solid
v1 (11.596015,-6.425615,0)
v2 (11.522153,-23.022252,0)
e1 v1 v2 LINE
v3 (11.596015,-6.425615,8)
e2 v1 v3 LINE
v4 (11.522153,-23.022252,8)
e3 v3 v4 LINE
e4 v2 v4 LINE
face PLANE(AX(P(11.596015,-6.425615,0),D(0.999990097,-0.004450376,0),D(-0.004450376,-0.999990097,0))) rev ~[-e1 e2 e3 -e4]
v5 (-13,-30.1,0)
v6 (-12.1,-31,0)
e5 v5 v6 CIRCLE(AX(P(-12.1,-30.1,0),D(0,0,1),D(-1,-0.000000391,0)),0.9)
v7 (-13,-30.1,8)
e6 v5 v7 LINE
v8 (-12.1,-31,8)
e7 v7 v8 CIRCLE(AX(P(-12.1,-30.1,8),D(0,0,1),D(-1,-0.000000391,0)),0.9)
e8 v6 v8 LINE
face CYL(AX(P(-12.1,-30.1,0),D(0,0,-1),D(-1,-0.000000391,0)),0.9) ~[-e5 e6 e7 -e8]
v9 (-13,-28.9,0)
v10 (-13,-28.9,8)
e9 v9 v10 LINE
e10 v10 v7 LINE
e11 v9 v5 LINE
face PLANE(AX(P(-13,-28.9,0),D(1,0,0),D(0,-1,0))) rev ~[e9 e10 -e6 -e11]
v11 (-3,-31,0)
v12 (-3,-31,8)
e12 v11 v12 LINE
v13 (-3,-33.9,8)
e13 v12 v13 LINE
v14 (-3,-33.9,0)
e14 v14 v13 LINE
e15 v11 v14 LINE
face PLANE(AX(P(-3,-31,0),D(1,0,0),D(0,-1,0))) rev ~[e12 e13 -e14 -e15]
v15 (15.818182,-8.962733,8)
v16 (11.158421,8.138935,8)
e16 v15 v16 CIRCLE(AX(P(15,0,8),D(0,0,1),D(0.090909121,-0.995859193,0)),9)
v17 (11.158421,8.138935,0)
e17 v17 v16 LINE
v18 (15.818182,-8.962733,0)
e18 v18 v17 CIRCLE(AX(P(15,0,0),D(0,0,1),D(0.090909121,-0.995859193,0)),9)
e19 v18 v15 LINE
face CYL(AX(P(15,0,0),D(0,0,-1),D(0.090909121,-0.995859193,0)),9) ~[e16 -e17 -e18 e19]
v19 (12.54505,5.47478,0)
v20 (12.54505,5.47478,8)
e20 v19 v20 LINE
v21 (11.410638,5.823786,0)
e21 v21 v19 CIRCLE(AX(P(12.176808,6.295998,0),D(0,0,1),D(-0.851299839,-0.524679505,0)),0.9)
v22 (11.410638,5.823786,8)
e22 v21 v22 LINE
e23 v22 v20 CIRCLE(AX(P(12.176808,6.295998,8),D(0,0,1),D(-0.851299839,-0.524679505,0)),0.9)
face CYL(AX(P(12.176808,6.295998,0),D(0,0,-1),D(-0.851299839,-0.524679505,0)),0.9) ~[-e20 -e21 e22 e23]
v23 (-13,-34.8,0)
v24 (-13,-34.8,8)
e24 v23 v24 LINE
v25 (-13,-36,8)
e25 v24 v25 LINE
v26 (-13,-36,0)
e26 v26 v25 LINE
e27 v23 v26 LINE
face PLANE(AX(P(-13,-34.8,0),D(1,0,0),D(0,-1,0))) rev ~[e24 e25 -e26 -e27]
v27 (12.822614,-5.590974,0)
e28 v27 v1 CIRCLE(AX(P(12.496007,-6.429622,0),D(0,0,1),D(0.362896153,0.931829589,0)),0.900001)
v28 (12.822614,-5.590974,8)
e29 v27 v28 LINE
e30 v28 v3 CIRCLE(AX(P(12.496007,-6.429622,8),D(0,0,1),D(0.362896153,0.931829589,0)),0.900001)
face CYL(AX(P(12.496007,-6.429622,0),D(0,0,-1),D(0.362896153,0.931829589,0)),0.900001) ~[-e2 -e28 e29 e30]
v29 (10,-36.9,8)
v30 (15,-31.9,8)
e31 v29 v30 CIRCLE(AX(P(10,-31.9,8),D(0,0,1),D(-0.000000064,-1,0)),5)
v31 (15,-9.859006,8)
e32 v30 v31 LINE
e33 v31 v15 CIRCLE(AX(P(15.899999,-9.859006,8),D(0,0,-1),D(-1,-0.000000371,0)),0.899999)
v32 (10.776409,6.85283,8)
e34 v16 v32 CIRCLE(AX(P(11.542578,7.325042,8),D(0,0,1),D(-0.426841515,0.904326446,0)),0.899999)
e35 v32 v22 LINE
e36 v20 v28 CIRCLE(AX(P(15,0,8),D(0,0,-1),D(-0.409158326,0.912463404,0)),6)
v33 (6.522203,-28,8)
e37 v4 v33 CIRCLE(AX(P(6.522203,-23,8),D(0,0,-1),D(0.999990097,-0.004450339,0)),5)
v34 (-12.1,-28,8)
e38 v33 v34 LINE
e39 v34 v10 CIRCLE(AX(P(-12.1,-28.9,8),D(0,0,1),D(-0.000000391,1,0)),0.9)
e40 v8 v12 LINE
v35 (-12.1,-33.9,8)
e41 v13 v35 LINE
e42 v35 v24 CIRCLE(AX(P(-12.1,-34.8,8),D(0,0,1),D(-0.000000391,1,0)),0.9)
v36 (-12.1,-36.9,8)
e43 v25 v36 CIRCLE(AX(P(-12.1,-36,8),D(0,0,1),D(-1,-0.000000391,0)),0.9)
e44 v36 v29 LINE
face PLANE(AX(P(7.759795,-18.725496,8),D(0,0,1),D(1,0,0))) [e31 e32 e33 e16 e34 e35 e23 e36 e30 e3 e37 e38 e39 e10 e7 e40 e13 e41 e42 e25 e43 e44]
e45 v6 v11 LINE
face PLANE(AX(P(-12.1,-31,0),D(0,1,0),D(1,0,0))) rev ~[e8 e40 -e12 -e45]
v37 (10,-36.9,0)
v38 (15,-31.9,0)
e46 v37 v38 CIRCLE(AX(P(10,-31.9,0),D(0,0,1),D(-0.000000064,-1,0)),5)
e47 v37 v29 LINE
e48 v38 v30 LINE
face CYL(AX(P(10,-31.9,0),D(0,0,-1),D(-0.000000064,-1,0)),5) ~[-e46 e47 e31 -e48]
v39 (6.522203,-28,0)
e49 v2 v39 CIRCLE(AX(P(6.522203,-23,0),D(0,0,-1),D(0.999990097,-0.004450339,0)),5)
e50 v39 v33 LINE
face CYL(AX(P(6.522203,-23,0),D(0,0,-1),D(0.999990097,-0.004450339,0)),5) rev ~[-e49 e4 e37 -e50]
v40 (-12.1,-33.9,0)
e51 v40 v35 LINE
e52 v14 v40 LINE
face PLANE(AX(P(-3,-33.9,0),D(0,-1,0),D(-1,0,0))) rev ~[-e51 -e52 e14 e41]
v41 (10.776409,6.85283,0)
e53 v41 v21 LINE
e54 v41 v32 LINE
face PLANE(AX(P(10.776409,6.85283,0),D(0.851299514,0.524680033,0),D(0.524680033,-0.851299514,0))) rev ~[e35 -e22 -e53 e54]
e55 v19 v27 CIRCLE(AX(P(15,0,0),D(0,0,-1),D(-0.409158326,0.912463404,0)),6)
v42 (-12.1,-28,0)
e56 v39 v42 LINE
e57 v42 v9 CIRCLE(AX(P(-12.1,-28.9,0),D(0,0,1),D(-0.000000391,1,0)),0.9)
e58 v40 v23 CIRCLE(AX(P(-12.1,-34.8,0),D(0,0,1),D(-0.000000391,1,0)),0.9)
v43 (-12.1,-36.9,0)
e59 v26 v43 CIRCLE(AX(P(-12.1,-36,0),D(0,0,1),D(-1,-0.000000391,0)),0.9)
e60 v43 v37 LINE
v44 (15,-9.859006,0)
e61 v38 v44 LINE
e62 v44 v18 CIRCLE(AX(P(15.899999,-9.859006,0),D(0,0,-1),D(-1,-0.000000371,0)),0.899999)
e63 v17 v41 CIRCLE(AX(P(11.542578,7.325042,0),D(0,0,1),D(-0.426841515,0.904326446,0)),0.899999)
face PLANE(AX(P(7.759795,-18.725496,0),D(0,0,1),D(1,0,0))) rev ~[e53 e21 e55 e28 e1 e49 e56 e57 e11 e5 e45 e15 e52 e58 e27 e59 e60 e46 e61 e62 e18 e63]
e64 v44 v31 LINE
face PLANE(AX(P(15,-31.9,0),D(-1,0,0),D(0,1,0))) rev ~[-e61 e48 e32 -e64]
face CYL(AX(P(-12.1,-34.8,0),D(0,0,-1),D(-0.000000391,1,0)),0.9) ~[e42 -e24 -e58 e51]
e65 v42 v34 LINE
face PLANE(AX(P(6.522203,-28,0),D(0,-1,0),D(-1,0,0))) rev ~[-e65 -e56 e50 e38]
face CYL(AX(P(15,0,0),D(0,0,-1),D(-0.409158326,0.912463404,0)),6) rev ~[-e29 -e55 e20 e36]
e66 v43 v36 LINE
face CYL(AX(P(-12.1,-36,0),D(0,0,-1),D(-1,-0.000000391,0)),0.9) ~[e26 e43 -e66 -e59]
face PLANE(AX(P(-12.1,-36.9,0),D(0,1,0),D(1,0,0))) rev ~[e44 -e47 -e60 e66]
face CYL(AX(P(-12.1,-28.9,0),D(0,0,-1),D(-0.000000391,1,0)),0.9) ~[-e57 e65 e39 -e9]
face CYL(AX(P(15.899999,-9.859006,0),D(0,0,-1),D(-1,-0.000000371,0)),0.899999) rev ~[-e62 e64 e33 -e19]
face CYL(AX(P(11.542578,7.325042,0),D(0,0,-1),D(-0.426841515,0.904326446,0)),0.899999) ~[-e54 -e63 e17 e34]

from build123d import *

# Parameters (mm, degrees)
F1_DEPTH = 8


with BuildPart() as f1:
    # F0 (on Top) → F1 (new body)
    with BuildSketch(Plane.XY):
        with BuildLine():
            ThreePointArc((12.54505, 5.47478), (20.998113, 0.150452), (12.822614, -5.590974))
            ThreePointArc((12.822614, -5.590974), (11.989698, -5.685543), (11.596015, -6.425615))
            Line((11.596015, -6.425615), (11.522153, -23.022252))
            ThreePointArc((11.522153, -23.022252), (10.049861, -26.543392), (6.522203, -28))
            Line((6.522203, -28), (-12.1, -28))
            ThreePointArc((-12.1, -28), (-12.736396, -28.263604), (-13, -28.9))
            Line((-13, -28.9), (-13, -30.1))
            ThreePointArc((-13, -30.1), (-12.736396, -30.736396), (-12.1, -31))
            Line((-12.1, -31), (-3, -31))
            Line((-3, -31), (-3, -33.9))
            Line((-3, -33.9), (-12.1, -33.9))
            ThreePointArc((-12.1, -33.9), (-12.736396, -34.163604), (-13, -34.8))
            Line((-13, -34.8), (-13, -36))
            ThreePointArc((-13, -36), (-12.736396, -36.636396), (-12.1, -36.9))
            Line((-12.1, -36.9), (-0.9, -36.9))
            Line((-0.9, -36.9), (10, -36.9))
            ThreePointArc((10, -36.9), (13.535534, -35.435534), (15, -31.9))
            Line((15, -31.9), (15, -9.859006))
            ThreePointArc((15, -9.859006), (15.235306, -9.252226), (15.818182, -8.962733))
            ThreePointArc((15.818182, -8.962733), (23.683432, 2.36601), (11.158421, 8.138935))
            ThreePointArc((11.158421, 8.138935), (10.679833, 7.581303), (10.776409, 6.85283))
            Line((10.776409, 6.85283), (11.410638, 5.823786))
            ThreePointArc((11.410638, 5.823786), (11.912161, 5.435787), (12.54505, 5.47478))
        make_face()
    extrude(amount=F1_DEPTH)


solid = f1.part
